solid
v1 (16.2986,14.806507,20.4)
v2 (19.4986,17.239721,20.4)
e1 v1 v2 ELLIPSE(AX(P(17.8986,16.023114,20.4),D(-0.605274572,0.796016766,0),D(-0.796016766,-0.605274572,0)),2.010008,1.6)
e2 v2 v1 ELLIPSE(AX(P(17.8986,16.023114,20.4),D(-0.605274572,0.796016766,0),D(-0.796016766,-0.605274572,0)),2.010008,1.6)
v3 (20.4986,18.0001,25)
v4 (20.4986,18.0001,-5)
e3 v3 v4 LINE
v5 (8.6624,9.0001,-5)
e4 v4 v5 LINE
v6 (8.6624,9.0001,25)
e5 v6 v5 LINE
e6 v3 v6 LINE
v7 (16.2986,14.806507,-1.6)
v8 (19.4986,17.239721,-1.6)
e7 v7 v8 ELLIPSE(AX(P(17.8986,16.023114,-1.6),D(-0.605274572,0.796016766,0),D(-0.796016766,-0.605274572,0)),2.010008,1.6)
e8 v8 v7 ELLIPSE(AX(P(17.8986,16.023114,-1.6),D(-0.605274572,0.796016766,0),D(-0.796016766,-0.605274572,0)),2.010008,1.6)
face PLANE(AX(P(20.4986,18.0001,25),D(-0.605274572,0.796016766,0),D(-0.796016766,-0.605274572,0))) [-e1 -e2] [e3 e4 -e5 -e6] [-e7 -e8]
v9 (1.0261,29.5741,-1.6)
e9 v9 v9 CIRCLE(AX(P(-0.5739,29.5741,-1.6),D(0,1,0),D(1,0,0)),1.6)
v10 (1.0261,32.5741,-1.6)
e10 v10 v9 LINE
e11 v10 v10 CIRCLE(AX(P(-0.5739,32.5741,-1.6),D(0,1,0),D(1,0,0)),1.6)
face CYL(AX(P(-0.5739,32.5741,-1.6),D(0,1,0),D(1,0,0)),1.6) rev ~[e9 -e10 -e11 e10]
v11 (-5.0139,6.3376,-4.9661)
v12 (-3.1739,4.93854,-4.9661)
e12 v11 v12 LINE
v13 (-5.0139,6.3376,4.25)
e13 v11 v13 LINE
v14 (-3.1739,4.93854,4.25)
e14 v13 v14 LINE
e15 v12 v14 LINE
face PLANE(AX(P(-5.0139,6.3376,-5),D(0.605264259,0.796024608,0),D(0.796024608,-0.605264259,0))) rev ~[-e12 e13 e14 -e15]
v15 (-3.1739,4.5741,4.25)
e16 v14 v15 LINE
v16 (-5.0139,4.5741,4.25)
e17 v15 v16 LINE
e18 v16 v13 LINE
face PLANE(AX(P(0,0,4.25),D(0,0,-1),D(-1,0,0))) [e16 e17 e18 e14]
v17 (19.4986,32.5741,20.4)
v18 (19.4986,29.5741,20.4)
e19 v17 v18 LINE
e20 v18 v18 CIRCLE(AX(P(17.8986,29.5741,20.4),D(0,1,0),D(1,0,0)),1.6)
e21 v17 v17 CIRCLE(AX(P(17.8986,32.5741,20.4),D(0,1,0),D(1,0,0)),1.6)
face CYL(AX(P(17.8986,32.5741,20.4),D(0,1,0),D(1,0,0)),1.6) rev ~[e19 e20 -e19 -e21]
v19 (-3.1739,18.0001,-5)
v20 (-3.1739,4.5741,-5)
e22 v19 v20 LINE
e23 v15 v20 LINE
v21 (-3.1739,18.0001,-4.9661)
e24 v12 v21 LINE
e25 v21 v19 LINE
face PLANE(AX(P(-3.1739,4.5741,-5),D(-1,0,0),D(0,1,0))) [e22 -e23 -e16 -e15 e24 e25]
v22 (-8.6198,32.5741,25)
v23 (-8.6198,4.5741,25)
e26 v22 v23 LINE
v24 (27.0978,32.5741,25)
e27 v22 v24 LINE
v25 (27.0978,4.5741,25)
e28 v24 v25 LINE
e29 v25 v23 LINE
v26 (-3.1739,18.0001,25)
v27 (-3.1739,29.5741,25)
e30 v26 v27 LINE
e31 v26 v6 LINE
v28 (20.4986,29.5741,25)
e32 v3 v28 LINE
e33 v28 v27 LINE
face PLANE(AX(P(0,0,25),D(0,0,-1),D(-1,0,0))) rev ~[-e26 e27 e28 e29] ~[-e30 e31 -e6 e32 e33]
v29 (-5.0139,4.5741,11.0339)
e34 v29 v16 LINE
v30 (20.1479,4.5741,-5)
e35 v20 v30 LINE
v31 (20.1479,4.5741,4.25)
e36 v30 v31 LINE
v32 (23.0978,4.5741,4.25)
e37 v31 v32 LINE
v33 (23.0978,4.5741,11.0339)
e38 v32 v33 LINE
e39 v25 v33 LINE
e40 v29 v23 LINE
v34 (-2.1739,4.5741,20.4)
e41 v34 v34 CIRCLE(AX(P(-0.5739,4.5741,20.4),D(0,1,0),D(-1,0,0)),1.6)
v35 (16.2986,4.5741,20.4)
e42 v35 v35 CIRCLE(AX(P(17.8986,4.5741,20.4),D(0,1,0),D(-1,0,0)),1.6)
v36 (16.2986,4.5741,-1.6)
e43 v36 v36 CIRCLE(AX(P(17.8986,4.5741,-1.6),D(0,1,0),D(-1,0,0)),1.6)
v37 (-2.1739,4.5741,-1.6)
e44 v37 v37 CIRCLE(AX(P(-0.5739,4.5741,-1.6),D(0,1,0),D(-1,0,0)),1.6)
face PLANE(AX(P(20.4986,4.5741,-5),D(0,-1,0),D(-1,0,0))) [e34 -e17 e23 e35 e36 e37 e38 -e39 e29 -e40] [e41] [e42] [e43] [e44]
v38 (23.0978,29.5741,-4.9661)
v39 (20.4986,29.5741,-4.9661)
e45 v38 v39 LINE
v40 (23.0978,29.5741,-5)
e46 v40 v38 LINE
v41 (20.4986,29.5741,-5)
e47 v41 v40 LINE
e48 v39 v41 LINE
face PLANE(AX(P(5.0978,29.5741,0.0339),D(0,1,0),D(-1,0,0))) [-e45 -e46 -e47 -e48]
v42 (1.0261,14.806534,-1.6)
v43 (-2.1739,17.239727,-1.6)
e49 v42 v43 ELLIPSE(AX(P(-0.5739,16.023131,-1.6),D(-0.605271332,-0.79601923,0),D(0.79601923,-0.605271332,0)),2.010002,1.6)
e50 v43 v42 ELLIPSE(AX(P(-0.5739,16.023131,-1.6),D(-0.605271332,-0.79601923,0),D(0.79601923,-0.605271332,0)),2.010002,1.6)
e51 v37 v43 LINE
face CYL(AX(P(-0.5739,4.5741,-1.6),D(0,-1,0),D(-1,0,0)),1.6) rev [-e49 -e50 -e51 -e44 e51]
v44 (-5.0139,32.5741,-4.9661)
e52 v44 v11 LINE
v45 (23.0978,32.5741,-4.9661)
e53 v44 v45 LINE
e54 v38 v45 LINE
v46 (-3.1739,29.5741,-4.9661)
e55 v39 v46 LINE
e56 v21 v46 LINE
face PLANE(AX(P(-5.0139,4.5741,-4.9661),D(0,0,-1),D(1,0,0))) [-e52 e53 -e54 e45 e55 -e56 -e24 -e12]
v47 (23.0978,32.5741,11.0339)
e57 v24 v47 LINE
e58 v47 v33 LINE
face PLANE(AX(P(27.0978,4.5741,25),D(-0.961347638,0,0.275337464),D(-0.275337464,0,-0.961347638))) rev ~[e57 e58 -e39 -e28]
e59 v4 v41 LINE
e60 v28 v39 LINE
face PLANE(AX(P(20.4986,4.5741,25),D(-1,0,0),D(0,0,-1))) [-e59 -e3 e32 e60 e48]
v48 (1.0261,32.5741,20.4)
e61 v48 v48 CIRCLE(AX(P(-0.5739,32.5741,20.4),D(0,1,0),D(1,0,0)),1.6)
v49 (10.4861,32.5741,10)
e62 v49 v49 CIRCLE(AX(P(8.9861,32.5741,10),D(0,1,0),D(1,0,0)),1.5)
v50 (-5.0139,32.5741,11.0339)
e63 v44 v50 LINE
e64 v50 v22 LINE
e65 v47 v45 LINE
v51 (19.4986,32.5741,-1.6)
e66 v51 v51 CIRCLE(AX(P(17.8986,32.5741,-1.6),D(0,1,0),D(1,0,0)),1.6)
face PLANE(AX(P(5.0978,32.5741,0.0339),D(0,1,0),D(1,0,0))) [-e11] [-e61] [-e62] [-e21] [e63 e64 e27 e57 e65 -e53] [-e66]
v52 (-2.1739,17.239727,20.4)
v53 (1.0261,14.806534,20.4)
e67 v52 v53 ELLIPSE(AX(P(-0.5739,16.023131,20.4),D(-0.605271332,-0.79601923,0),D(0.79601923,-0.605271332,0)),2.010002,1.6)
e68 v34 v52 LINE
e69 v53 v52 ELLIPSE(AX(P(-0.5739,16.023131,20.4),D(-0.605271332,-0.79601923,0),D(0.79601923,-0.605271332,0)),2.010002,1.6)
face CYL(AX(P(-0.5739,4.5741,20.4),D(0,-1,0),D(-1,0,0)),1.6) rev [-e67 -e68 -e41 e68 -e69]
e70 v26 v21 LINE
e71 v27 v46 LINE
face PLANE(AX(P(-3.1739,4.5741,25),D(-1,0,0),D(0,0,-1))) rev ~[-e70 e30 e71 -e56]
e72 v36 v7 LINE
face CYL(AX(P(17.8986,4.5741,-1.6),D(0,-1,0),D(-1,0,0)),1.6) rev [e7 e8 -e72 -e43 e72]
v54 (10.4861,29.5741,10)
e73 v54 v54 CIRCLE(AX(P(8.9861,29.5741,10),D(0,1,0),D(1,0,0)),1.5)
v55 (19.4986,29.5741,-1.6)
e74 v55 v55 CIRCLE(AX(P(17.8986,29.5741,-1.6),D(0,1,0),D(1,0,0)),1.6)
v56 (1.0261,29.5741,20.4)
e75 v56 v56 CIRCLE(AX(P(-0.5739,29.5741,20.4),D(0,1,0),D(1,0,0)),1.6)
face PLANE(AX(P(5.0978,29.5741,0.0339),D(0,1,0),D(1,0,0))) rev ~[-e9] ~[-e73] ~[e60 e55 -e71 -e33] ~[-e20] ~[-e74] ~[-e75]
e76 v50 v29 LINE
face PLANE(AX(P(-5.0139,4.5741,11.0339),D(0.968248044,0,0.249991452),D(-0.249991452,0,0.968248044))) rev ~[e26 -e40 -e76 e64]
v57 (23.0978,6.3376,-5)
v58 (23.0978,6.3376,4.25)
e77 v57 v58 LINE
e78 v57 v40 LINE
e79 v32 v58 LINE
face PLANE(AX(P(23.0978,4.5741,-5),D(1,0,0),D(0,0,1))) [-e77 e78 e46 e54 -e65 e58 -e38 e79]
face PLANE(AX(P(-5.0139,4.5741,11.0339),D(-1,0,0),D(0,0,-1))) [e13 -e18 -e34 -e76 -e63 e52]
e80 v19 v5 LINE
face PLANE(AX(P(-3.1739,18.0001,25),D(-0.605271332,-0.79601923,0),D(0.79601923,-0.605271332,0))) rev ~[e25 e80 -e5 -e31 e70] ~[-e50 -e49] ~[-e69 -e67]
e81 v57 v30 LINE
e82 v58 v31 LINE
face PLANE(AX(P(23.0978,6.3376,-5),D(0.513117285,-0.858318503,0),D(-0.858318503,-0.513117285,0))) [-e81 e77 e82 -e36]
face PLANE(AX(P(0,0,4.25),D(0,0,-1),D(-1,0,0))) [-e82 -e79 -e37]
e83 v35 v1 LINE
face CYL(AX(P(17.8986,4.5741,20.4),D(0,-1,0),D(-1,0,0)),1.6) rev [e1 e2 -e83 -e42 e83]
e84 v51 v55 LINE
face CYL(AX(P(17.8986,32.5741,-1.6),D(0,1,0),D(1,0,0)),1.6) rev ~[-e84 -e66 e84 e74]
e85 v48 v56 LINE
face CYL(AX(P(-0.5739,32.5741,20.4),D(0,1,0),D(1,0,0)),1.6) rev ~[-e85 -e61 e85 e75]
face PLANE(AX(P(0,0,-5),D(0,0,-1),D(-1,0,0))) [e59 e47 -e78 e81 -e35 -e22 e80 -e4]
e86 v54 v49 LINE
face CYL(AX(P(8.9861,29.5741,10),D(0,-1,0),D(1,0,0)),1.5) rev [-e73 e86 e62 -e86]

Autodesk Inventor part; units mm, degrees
ref_plane "РабПлоскость2" through (0, 0, -5) normal (0, 0, -1) x (-1, 0, 0)
sketch "Эскиз1" plane through (0, 0, -5) normal (0, 0, -1) x (-1, 0, 0)
  line L0 (-19.4986, 4.5741) -> (-16.2986, 4.5741) projected
  line L1 (-1.0261, 4.5741) -> (2.1739, 4.5741) projected
  line L2 (-25.5748, 4.5741) -> (-23.7748, 4.5741) projected
  line L3 (5.4196, 4.5741) -> (7.2196, 4.5741) projected
  line L4 (-20.4986, 4.5741) -> (3.1739, 4.5741)
  line L5 (3.1739, 4.5741) -> (3.1739, 9.0001)
  line L6 (3.1739, 9.0001) -> (-20.4986, 9.0001)
  line L7 (-20.4986, 9.0001) -> (-20.4986, 4.5741)
  line L8 (-38.6624, 4.5741) -> (21.3376, 4.5741) projected
  point P0 (0, 0)
  point P1 (-20.4986, 6.7871)
  point P2 (3.1739, 6.7871)
  dimension "d0" = 1
  dimension "d1" = 1
  dimension "d3" = 4.426
extrude "Выдавливание1" add sketch "Эскиз1" against normal blind 30
ref_plane "РабПлоскость3" through (5.0978, 4.5741, 0.0339) normal (0, 1, 0) x (-1, 0, 0)
sketch "Эскиз3" plane through (0, 0, 25) normal (0, 0, 1) x (1, 0, 0)
  line L0 (20.4986, 4.5741) -> (20.4986, 9.0001) projected
  line L1 (20.4986, 9.0001) -> (20.4986, 18.0001)
  line L2 (20.4986, 18.0001) -> (8.6624, 9.0001)
  line L3 (20.4986, 9.0001) -> (-3.1739, 9.0001) projected
  line L4 (-3.1739, 9.0001) -> (-3.1739, 4.5741) projected
  line L5 (-3.1739, 18.0001) -> (-3.1739, 9.0001)
  line L6 (-3.1739, 18.0001) -> (8.6624, 9.0001)
  point P0 (0, 0)
  dimension "d8" = 9
  dimension "d9" = 9
extrude "Выдавливание3" add sketch "Эскиз3" against normal up to surface (30 mm away)
ref_plane "РабПлоскость4" through (5.0978, 14.8061, 0.0339) normal (0, 1, 0) x (-1, 0, 0)
sketch "Эскиз2" plane through (5.0978, 4.5741, 0.0339) normal (0, 1, 0) x (-1, 0, 0)
  circle A0 centre (-31.4768, 2.1354) radius 0.9
  circle A1 centre (23.5157, 1.4536) radius 0.9
  circle A2 centre (-19.4778, 1.9866) radius 0.9
  circle A3 centre (-19.5769, -6.0128) radius 0.9
  circle A4 centre (23.4165, -6.5458) radius 0.9
  circle A5 centre (11.5166, 1.6023) radius 0.9
  circle A6 centre (11.4174, -6.3971) radius 0.9
  circle A7 centre (-31.576, -5.864) radius 0.9
  circle A8 centre (-12.8008, -1.6339) radius 1.6
  circle A9 centre (5.6717, -1.6339) radius 1.6
  circle A10 centre (-12.8008, 20.3661) radius 1.6
  circle A11 centre (5.6717, 20.3661) radius 1.6
  arc A12 (11.4355, 36.4061) -> (11.4355, 44.3661) centre (11.4355, 40.3861) ccw
  line L0 (11.4355, 44.3661) -> (-18.5645, 44.3661)
  arc A13 (-18.5645, 44.3661) -> (-18.5645, 36.4061) centre (-18.5645, 40.3861) ccw
  line L1 (-18.5645, 36.4061) -> (11.4355, 36.4061)
  line L2 (-33.5645, -20.6339) -> (-33.5645, 49.3661)
  line L3 (-33.5645, 49.3661) -> (26.4355, 49.3661)
  line L4 (26.4355, 49.3661) -> (26.4355, -20.6339)
  line L5 (26.4355, -20.6339) -> (-33.5645, -20.6339)
  point P0 (5.0978, -0.0339)
extrude "дырки" cut sketch "Эскиз2" along normal through all contours A8 | A9 | A10 | A11
sketch "Эскиз4" plane through (5.0978, 14.8061, 0.0339) normal (0, 1, 0) x (-1, 0, 0)
  circle A0 centre (-12.8008, -1.6339) radius 1.6 projected
  circle A1 centre (-12.8008, 20.3661) radius 1.6 projected
  line L0 (-15.4008, -5.0339) -> (-3.5645, -5.0339) projected
  line L1 (-3.5645, 24.9661) -> (-3.5645, -5.0339) projected
  line L2 (-15.4008, 24.9661) -> (-3.5645, 24.9661) projected
  line L3 (-15.4008, 24.9661) -> (-15.4008, -5.0339) projected
  circle A2 centre (5.6717, -1.6339) radius 1.6 projected
  circle A3 centre (5.6717, 20.3661) radius 1.6 projected
  line L4 (-3.5645, -5.0339) -> (8.2717, -5.0339) projected
  line L5 (8.2717, 24.9661) -> (8.2717, -5.0339) projected
  line L6 (-3.5645, 24.9661) -> (8.2717, 24.9661) projected
  line L7 (-3.5645, 24.9661) -> (-3.5645, -5.0339) projected
  circle A4 centre (-12.8008, 20.3661) radius 2.1992
  circle A5 centre (5.6717, 20.3661) radius 2.3283
  circle A6 centre (-12.8008, -1.6339) radius 2.1992
  circle A7 centre (5.6717, -1.6339) radius 2.3283
  point P0 (5.0978, -0.0339)
ref_plane "РабПлоскость5" through (5.0978, 4.5741, 0.0339) normal (0, 1, 0) x (-1, 0, 0)
sketch "Эскиз5" plane through (5.0978, 4.5741, 0.0339) normal (0, 1, 0) x (-1, 0, 0)
  line L0 (-15.4008, -5.0339) -> (-3.5645, -5.0339) projected
  line L1 (-3.5645, 24.9661) -> (-3.5645, -5.0339) projected
  line L2 (-15.4008, 24.9661) -> (-3.5645, 24.9661) projected
  line L3 (-15.4008, 24.9661) -> (-15.4008, -5.0339) projected
  line L4 (-3.5645, -5.0339) -> (8.2717, -5.0339) projected
  line L5 (8.2717, 24.9661) -> (8.2717, -5.0339) projected
  line L6 (-3.5645, 24.9661) -> (8.2717, 24.9661) projected
  line L7 (-3.5645, 24.9661) -> (-3.5645, -5.0339) projected
  line L8 (-15.4008, -5.0339) -> (-18, -5.0339)
  line L9 (-18, -5.0339) -> (-18, 24.9661)
  line L10 (-18, 24.9661) -> (-15.4008, 24.9661)
  line L11 (-15.4008, 24.9661) -> (-15.4008, -5.0339)
  line L12 (8.2717, 24.9661) -> (10.1117, 24.9661)
  line L13 (10.1117, 24.9661) -> (10.1117, -5)
  line L14 (10.1117, -5) -> (8.2717, -5)
  line L15 (8.2717, -5) -> (8.2717, 24.9661)
  line L16 (10.1117, 11) -> (13.7176, 11)
  line L17 (13.7176, 11) -> (13.7176, 24.9661)
  line L18 (13.7176, 24.9661) -> (10.1117, 24.9661)
  line L19 (10.1117, 24.9661) -> (10.1117, 11)
  line L20 (-18, 11) -> (-22, 11)
  line L21 (-22, 11) -> (-22, 24.9661)
  line L22 (-22, 24.9661) -> (-18, 24.9661)
  line L23 (-18, 24.9661) -> (-18, 11)
  line L24 (-22, 24.9661) -> (-18, 11)
  line L25 (10.1117, 11) -> (13.7176, 24.9661)
  point P0 (5.0978, -0.0339)
  point P1 (-15.4008, 24.9661)
  point P2 (8.2717, -5)
  dimension "d22" = 1.84
extrude "Выдавливание5" add sketch "Эскиз5" along normal blind 25 contours L8 L9 L10 L3 | L9 L24 L22 | L12 L13 L14 L5 | L18 L25 L13
sketch "Эскиз6" plane through (5.0978, 29.5741, 0.0339) normal (0, 1, 0) x (1, 0, 0)
  line L0 (15.4008, 5.0339) -> (15.4008, -24.9661) projected
  line L1 (15.4008, -24.9661) -> (22, -24.9661) projected
  line L2 (22, -24.9661) -> (18, -11) projected
  line L3 (18, -11) -> (18, 5.0339) projected
  line L4 (18, 5.0339) -> (15.4008, 5.0339) projected
  line L5 (-13.7176, -24.9661) -> (-8.2717, -24.9661) projected
  line L6 (-8.2717, -24.9661) -> (-8.2717, 5) projected
  line L7 (-8.2717, 5) -> (-10.1117, 5) projected
  line L8 (-10.1117, 5) -> (-10.1117, -11) projected
  line L9 (-10.1117, -11) -> (-13.7176, -24.9661) projected
  line L10 (15.4008, -24.9661) -> (22, -24.9661) projected
  line L11 (15.4008, -24.9661) -> (-8.2717, -24.9661)
  line L12 (18, -11) -> (18, 5.0339) projected
  line L13 (18, 5) -> (-10.1117, 5)
  circle A0 centre (3.8883, -9.9661) radius 1.5
  point P0 (-5.0978, 0.0339)
  dimension "d17" = 15
  dimension "d18" = 14
  dimension "d19" = 3
extrude "Выдавливание6" add sketch "Эскиз6" along normal blind 3 contours L13 L3 L2 L1 L0 | L0 L11 L6 L13 | L6 L5 L9 L8 L7
sketch "Эскиз7" plane through (5.0978, 32.5741, 0.0339) normal (0, 1, 0) x (1, 0, 0)
  circle A0 centre (12.8008, -20.3661) radius 1.6 projected
  circle A1 centre (-5.6717, -20.3661) radius 1.6 projected
  circle A2 centre (-5.6717, 1.6339) radius 1.6 projected
  circle A3 centre (12.8008, 1.6339) radius 1.6 projected
  point P0 (-5.0978, 0.0339)
extrude "Выдавливание7" cut sketch "Эскиз7" against normal through all
sketch "Эскиз9" plane through (0, 0, -5) normal (0, 0, -1) x (-1, 0, 0)
  line L0 (-23.0978, 4.5741) -> (-23.0978, 29.5741) projected
  line L1 (-23.0978, 29.5741) -> (-20.4986, 29.5741) projected
  line L2 (-20.4986, 29.5741) -> (-20.4986, 18.0001) projected
  line L3 (-20.4986, 18.0001) -> (-8.6624, 9.0001) projected
  line L4 (-8.6624, 9.0001) -> (3.1739, 18.0001) projected
  line L5 (3.1739, 18.0001) -> (3.1739, 4.5741) projected
  line L6 (3.1739, 4.5741) -> (-23.0978, 4.5741) projected
  line L7 (-23.0978, 6.3376) -> (-20.1479, 4.5741)
  line L8 (5.0139, 4.5741) -> (5.0139, 32.5741) projected
  line L9 (5.0139, 6.3376) -> (2.6946, 4.5741)
  line L10 (3.1739, 4.5741) -> (5.0139, 4.5741)
  point P0 (0, 0)
  point P1 (3.1739, 4.9385)
extrude "Выдавливание9" cut sketch "Эскиз9" against normal blind 9.25 contours L0 L7 L6 | L5 L9 L8 L10
properties part number "крепеж_маркера"
